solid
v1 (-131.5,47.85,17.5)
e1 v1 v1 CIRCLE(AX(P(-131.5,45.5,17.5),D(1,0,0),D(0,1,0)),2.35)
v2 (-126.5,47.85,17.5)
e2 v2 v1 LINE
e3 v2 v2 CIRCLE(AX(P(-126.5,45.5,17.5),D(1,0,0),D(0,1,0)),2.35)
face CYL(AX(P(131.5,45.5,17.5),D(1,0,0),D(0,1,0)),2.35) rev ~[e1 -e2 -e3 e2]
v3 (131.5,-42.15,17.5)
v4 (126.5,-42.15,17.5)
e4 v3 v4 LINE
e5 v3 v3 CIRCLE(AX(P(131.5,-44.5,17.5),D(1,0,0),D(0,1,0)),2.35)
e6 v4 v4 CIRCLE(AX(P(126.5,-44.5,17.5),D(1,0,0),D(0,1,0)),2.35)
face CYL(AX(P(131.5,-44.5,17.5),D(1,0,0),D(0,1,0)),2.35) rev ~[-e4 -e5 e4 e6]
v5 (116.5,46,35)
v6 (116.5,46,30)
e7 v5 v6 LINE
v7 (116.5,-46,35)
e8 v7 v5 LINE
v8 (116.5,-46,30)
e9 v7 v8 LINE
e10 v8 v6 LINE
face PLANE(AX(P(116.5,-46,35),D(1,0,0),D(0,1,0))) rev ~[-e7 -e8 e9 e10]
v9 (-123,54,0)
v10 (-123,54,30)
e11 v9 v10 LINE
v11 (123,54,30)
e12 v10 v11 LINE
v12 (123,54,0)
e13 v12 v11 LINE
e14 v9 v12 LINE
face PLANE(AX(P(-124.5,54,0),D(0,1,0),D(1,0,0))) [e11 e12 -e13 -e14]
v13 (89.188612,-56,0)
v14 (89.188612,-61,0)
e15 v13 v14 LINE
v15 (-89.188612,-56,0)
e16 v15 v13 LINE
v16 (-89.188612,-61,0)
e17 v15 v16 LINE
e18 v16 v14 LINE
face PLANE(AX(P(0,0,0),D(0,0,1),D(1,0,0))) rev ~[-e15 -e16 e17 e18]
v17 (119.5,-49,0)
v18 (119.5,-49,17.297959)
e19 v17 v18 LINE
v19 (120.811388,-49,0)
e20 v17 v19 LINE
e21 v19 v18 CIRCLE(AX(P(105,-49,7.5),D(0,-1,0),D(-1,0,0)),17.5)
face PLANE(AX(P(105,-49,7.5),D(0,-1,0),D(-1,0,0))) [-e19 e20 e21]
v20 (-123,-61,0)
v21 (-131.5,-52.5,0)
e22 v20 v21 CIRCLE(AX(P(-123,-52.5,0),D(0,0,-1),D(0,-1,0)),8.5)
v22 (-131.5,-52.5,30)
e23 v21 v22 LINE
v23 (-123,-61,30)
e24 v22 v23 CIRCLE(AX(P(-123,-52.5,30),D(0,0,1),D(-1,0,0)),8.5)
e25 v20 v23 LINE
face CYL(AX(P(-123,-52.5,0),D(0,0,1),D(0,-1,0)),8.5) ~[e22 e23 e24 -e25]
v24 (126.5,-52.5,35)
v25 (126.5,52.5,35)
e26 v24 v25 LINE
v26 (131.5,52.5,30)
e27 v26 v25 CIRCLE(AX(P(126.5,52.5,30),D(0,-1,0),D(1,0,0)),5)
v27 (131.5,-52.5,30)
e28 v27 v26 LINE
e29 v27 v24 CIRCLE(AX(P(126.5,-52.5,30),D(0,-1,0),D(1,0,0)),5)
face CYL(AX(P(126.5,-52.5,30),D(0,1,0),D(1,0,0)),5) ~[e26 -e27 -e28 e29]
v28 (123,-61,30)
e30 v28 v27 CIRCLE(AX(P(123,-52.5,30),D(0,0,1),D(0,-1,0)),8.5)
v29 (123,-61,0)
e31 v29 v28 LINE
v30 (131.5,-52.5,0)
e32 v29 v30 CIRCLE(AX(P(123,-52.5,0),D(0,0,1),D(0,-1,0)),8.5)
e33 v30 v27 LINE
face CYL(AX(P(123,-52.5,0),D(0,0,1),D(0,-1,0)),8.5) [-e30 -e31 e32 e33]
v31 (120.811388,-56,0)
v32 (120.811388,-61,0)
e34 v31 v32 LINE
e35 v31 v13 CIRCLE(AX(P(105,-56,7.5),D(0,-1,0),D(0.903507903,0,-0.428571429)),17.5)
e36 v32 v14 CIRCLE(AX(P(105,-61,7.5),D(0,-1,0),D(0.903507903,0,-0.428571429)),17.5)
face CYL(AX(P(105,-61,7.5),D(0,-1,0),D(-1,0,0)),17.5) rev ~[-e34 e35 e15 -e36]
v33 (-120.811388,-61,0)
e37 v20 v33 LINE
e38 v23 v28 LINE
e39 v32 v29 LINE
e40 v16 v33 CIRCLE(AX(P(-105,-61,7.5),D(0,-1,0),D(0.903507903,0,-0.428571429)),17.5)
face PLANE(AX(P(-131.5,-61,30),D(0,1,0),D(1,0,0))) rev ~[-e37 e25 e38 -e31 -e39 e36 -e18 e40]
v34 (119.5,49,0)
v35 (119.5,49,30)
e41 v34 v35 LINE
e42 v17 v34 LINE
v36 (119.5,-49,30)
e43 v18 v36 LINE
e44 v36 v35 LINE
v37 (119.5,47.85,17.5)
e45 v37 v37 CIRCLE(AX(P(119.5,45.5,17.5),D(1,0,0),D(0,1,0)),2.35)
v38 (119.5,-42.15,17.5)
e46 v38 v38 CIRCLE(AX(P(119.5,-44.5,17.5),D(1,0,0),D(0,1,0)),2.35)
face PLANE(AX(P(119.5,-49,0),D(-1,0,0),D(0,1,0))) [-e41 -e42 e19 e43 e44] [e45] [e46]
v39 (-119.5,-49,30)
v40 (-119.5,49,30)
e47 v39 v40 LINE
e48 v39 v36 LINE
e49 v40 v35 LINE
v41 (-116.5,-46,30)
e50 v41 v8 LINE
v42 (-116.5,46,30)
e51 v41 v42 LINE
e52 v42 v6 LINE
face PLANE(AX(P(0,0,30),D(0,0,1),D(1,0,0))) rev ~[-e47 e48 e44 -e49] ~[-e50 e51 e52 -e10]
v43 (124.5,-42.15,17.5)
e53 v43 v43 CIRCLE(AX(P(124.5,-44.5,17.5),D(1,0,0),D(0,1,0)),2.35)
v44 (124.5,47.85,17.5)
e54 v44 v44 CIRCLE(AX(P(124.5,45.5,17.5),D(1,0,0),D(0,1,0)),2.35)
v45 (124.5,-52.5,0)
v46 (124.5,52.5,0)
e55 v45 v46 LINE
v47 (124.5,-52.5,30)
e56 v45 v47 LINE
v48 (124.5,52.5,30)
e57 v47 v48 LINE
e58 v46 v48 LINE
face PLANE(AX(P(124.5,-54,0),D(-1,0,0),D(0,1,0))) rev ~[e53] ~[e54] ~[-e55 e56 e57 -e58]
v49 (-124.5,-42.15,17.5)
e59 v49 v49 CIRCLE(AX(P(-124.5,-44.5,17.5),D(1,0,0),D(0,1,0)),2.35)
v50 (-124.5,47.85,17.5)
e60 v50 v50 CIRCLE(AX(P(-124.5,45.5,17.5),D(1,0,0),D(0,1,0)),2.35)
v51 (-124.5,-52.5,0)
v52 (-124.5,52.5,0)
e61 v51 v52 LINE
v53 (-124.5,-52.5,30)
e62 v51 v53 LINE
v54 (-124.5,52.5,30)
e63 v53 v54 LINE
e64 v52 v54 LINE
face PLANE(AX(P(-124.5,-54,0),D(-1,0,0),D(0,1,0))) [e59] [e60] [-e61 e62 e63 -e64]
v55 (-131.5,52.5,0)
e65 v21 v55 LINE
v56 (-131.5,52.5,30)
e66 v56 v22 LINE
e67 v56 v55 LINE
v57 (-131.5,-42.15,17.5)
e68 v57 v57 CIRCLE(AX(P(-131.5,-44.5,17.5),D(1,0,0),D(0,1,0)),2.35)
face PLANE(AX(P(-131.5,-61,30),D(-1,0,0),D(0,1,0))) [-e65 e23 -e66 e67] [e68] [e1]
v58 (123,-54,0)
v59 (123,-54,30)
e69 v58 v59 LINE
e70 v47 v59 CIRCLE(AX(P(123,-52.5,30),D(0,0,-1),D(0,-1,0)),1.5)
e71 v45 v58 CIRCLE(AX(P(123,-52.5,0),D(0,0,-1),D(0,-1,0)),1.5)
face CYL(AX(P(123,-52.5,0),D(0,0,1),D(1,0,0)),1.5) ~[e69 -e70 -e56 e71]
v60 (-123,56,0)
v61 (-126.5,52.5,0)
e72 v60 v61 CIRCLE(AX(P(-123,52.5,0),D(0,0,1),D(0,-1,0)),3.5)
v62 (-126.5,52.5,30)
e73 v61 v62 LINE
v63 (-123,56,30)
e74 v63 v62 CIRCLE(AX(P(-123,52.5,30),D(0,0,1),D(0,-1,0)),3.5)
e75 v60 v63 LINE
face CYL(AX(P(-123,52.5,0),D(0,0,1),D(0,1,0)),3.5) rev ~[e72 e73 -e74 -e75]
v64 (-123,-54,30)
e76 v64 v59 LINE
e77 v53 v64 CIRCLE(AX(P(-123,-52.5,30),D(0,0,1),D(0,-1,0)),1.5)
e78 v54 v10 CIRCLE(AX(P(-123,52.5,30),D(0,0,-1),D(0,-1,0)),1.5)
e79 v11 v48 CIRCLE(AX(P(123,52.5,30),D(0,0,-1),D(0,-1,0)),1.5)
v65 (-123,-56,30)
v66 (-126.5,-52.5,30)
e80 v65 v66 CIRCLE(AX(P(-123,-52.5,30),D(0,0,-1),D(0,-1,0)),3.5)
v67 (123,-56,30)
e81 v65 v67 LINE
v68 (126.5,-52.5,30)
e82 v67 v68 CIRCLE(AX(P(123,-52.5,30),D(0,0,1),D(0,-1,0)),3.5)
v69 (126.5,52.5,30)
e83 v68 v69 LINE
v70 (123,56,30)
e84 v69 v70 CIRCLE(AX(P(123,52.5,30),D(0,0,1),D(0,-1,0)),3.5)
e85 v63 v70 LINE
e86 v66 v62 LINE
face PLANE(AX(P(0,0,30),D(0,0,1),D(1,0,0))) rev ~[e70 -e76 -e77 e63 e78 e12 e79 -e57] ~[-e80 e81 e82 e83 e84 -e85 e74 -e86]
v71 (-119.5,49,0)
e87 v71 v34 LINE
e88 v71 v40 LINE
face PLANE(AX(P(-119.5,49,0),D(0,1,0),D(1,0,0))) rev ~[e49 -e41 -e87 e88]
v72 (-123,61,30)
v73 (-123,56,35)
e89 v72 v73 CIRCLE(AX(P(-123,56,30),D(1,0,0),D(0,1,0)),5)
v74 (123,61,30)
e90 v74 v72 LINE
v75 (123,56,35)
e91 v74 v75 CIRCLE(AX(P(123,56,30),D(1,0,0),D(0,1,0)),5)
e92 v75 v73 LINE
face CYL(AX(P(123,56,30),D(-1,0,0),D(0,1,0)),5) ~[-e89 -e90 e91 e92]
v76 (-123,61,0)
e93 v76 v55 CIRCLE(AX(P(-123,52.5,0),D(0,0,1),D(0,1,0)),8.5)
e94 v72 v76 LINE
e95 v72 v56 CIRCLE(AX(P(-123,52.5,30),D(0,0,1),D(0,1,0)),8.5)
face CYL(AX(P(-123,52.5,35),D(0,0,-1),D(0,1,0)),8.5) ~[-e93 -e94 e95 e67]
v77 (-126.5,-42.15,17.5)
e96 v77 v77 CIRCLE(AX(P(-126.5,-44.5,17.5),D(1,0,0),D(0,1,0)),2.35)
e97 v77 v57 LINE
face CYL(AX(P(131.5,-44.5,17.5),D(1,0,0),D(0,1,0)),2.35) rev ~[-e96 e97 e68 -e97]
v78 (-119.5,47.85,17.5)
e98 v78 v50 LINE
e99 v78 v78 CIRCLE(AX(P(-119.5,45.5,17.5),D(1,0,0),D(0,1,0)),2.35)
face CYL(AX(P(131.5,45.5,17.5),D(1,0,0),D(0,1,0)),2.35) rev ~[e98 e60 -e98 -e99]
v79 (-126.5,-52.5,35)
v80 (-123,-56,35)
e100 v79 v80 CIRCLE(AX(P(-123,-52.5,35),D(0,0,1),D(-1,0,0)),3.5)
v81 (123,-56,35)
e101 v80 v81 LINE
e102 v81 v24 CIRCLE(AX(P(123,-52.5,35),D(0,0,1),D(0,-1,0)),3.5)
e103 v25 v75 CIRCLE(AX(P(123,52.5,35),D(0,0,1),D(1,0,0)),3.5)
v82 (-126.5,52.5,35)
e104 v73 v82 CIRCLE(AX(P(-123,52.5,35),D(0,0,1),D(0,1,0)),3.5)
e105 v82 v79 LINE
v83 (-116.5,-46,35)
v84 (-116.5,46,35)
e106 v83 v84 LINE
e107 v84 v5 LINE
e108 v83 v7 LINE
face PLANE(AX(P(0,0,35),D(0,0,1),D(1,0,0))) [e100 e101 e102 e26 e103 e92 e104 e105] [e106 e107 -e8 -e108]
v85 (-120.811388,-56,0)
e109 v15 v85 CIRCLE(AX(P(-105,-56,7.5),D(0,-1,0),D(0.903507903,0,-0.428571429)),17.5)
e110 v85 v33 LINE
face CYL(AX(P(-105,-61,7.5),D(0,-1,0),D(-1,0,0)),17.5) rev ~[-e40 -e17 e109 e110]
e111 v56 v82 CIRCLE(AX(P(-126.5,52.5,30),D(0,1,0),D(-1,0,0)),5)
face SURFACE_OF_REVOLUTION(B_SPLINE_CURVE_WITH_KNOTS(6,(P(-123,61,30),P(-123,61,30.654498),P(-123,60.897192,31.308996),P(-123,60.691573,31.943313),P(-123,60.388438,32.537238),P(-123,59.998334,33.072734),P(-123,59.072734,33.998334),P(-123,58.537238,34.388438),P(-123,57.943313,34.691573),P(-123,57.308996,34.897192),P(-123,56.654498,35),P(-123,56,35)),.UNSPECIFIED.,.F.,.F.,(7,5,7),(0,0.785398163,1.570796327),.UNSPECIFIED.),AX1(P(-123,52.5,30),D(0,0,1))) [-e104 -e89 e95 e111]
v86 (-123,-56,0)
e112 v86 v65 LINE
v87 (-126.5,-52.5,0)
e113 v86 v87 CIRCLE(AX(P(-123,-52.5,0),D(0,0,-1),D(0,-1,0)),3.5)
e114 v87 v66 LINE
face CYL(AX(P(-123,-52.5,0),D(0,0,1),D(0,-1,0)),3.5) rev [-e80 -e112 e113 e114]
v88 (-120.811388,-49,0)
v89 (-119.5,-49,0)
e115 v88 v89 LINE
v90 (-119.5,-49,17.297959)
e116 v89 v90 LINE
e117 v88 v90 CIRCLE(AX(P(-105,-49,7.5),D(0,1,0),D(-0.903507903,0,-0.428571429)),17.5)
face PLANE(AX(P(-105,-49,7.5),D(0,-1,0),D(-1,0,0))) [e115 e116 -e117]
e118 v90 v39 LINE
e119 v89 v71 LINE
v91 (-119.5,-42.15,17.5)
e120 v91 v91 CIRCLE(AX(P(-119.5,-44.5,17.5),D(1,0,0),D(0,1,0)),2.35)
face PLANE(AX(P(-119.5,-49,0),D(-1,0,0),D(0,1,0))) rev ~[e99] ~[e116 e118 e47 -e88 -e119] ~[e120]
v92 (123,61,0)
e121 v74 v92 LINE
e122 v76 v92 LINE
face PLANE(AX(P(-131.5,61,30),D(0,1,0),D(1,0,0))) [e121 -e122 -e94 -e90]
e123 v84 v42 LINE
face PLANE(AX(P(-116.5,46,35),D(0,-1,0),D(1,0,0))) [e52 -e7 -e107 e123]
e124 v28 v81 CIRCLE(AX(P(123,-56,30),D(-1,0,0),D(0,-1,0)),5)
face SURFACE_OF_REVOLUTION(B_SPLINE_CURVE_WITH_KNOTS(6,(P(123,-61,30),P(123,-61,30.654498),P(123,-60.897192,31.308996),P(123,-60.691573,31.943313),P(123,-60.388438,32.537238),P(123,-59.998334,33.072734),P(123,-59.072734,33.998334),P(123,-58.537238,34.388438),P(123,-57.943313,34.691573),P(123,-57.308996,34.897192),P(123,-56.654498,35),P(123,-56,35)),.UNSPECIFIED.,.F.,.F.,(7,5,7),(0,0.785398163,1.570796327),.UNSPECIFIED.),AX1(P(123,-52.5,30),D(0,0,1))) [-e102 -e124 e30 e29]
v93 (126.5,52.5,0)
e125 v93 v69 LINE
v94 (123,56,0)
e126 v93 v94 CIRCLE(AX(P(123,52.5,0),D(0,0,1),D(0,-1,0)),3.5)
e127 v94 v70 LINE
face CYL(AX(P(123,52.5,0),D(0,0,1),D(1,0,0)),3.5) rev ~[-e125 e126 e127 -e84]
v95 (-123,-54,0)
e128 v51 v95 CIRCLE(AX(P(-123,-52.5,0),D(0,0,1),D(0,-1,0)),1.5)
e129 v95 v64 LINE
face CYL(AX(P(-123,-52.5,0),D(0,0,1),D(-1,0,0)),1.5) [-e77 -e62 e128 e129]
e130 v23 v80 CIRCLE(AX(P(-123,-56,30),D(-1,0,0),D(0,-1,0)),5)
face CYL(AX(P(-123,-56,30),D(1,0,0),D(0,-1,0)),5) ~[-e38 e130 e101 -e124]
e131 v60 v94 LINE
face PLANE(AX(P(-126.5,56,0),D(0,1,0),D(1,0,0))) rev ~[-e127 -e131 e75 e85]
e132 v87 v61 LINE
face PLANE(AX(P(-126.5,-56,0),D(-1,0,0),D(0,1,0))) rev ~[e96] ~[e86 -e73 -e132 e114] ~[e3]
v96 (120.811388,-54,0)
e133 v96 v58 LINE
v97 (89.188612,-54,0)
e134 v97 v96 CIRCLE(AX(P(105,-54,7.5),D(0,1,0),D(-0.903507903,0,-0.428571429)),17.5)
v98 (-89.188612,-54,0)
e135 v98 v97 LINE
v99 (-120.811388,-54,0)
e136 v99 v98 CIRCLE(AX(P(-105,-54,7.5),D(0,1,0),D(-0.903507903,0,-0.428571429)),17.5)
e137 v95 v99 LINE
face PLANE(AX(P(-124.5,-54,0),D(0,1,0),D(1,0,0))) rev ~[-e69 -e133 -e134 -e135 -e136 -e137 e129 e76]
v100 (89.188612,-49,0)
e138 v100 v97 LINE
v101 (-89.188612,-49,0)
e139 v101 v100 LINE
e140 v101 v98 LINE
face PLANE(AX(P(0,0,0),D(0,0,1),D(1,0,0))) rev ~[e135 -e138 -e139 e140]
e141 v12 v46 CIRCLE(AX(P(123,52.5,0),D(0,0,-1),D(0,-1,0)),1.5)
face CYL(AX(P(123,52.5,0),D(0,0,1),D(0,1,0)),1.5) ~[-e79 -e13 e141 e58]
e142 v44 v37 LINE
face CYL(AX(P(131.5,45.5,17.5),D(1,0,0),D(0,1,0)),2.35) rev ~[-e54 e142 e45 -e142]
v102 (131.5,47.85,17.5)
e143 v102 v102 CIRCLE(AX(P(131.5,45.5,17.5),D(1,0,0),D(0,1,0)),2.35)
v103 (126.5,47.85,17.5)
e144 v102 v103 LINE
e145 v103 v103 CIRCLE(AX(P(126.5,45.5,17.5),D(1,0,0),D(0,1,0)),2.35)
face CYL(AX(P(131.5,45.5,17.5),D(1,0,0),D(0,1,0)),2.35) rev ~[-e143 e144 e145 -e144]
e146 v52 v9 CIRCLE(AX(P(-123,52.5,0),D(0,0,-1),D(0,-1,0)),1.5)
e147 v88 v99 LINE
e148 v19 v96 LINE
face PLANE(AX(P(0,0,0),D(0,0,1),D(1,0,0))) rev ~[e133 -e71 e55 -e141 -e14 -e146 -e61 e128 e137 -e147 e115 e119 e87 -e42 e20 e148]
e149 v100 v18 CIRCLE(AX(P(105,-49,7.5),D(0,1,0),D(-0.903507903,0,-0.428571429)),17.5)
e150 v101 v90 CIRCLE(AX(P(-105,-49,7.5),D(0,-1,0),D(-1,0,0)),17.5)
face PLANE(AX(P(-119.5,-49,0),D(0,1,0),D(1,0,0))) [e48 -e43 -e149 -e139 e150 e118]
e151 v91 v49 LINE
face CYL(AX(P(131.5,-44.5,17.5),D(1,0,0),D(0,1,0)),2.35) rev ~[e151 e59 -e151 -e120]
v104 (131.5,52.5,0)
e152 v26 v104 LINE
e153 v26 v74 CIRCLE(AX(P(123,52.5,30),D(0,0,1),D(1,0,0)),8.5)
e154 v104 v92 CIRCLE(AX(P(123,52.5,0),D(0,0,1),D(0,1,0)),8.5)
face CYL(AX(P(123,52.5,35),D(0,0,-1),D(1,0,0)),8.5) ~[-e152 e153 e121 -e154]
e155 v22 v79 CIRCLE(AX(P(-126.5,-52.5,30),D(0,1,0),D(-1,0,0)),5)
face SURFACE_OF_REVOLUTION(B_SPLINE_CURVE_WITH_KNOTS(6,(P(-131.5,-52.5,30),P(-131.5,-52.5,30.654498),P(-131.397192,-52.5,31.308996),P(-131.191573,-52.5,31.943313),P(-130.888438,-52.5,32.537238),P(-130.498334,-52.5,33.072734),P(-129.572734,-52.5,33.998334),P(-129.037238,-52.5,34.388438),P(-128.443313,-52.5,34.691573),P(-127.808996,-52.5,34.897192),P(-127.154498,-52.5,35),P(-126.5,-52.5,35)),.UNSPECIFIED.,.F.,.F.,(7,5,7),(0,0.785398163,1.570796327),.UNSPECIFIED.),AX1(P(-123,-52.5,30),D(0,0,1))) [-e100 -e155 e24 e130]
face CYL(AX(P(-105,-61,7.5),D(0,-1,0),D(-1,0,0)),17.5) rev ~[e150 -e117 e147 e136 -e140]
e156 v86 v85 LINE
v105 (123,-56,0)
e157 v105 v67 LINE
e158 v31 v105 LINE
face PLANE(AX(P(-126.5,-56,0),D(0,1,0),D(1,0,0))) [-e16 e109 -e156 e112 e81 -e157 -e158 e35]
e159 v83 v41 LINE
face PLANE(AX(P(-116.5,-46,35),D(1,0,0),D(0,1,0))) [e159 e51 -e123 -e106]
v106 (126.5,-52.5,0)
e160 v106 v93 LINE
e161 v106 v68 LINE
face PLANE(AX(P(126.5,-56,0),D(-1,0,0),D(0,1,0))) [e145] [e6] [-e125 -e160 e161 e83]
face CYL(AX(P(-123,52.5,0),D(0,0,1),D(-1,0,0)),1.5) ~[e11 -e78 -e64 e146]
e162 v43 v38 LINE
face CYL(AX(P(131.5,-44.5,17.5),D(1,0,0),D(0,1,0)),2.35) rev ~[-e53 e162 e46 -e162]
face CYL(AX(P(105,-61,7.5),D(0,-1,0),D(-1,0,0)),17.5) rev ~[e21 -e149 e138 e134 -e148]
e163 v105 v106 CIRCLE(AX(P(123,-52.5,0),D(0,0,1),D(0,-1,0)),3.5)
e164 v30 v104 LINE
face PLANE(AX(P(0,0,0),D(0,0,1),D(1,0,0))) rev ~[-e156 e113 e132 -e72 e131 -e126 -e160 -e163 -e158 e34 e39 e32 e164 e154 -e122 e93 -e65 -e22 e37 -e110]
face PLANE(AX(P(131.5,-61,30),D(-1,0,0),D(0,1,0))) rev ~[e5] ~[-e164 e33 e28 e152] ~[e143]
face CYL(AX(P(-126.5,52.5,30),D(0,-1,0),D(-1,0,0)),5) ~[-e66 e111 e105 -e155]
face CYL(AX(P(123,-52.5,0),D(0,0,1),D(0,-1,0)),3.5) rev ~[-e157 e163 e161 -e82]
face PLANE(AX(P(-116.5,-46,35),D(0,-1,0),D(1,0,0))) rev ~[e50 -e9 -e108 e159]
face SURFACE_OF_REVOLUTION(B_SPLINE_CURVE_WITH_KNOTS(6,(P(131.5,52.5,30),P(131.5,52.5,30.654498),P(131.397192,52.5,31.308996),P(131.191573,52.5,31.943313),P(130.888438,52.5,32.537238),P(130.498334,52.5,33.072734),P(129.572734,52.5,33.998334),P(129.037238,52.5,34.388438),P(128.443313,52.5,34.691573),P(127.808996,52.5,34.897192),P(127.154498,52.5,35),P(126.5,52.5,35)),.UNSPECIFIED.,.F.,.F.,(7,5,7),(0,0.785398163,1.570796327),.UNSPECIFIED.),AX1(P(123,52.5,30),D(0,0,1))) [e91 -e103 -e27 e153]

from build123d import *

# Parameters (mm, degrees)
SKETCH1_W             = 263
SKETCH1_H             = 122
SKETCH1_W_2           = 253
SKETCH1_H_2           = 112
BOSS_EXTRUDE1_DEPTH   = 30
SKETCH1_W_3           = 249
SKETCH1_H_3           = 108
SKETCH1_W_4           = 239
SKETCH1_H_4           = 98
BOSS_EXTRUDE1_2_DEPTH = 30
SKETCH2_W             = 263
SKETCH2_H             = 122
BOSS_EXTRUDE2_DEPTH   = 5
FILLET1_R             = 1.5
SKETCH3_R             = 17.5
CUT_EXTRUDE1_DEPTH    = 12
FILLET2_R             = 3.5
FILLET3_R             = 8.5
FILLET4_R             = 5
SKETCH4_R             = 2.35
CUT_EXTRUDE2_DEPTH    = 279
SKETCH5_W             = 233
SKETCH5_H             = 92
CUT_EXTRUDE3_DEPTH    = 10


with BuildPart() as part:
    # Sketch1 → Boss-Extrude1 (new body)
    with BuildSketch(Plane.XY):
        Rectangle(SKETCH1_W, SKETCH1_H)
        Rectangle(SKETCH1_W_2, SKETCH1_H_2, mode=Mode.SUBTRACT)
    extrude(amount=BOSS_EXTRUDE1_DEPTH)



with BuildPart() as body_2:
    # Sketch1 → Boss-Extrude1 2 (new body)
    with BuildSketch(Plane.XY):
        Rectangle(SKETCH1_W_3, SKETCH1_H_3)
        Rectangle(SKETCH1_W_4, SKETCH1_H_4, mode=Mode.SUBTRACT)
    extrude(amount=BOSS_EXTRUDE1_2_DEPTH)


with BuildPart() as part_1:
    add(part.part)

    add(body_2.part)  # Boss-Extrude2 merges body 2
    # Sketch2 → Boss-Extrude2 (add)
    with BuildSketch(Plane.XY.offset(30)):
        Rectangle(SKETCH2_W, SKETCH2_H)
    extrude(amount=BOSS_EXTRUDE2_DEPTH)

    # Fillet1
    fillet1_edges = [part_1.edges().sort_by_distance(p)[0] for p in [
        (-124.5, -54, 15),
        (124.5, -54, 15),
        (124.5, 54, 15),
        (-124.5, 54, 15),
    ]]
    fillet(fillet1_edges, radius=FILLET1_R)

    # Sketch3 → Cut-Extrude1 (cut)
    with BuildSketch(Plane(origin=(0, -61, 0), x_dir=(-1, 0, 0), z_dir=(0, -1, 0))):
        with Locations((105, -7.5)):
            Circle(SKETCH3_R)
        with Locations((-105, -7.5)):
            Circle(SKETCH3_R)
    extrude(amount=-CUT_EXTRUDE1_DEPTH, mode=Mode.SUBTRACT)

    # Fillet2
    fillet2_edges = [part_1.edges().sort_by_distance(p)[0] for p in [
        (126.5, 56, 15),
        (-126.5, 56, 15),
        (-126.5, -56, 15),
        (126.5, -56, 15),
    ]]
    fillet(fillet2_edges, radius=FILLET2_R)

    # Fillet3
    fillet3_edges = [part_1.edges().sort_by_distance(p)[0] for p in [
        (-131.5, -61, 17.5),
        (-131.5, 61, 17.5),
        (131.5, 61, 17.5),
        (131.5, -61, 17.5),
    ]]
    fillet(fillet3_edges, radius=FILLET3_R)

    # Fillet4
    fillet4_edges = [part_1.edges().sort_by_distance(p)[0] for p in [
        (0, -61, 35),
        (-131.5, 0, 35),
        (131.5, 0, 35),
        (0, 61, 35),
        (-129.01040764, 58.51040764, 35),
        (129.01040764, 58.51040764, 35),
        (129.01040764, -58.51040764, 35),
        (-129.01040764, -58.51040764, 35),
    ]]
    fillet(fillet4_edges, radius=FILLET4_R)

    # Sketch4 → Cut-Extrude2 (cut)
    with BuildSketch(Plane(origin=(131.5, 0, 0), x_dir=(0, 0, -1), z_dir=(1, 0, 0))):
        with Locations(Location((-17.5, -44.5, 0), (0, 0, 90))):
            Circle(SKETCH4_R)
        with Locations(Location((-17.5, 45.5, 0), (0, 0, 90))):
            Circle(SKETCH4_R)
    extrude(amount=-CUT_EXTRUDE2_DEPTH, mode=Mode.SUBTRACT)

    # Sketch5 → Cut-Extrude3 (cut)
    with BuildSketch(Plane.XY.offset(35)):
        Rectangle(SKETCH5_W, SKETCH5_H)
    extrude(amount=-CUT_EXTRUDE3_DEPTH, mode=Mode.SUBTRACT)


solid = part_1.part
